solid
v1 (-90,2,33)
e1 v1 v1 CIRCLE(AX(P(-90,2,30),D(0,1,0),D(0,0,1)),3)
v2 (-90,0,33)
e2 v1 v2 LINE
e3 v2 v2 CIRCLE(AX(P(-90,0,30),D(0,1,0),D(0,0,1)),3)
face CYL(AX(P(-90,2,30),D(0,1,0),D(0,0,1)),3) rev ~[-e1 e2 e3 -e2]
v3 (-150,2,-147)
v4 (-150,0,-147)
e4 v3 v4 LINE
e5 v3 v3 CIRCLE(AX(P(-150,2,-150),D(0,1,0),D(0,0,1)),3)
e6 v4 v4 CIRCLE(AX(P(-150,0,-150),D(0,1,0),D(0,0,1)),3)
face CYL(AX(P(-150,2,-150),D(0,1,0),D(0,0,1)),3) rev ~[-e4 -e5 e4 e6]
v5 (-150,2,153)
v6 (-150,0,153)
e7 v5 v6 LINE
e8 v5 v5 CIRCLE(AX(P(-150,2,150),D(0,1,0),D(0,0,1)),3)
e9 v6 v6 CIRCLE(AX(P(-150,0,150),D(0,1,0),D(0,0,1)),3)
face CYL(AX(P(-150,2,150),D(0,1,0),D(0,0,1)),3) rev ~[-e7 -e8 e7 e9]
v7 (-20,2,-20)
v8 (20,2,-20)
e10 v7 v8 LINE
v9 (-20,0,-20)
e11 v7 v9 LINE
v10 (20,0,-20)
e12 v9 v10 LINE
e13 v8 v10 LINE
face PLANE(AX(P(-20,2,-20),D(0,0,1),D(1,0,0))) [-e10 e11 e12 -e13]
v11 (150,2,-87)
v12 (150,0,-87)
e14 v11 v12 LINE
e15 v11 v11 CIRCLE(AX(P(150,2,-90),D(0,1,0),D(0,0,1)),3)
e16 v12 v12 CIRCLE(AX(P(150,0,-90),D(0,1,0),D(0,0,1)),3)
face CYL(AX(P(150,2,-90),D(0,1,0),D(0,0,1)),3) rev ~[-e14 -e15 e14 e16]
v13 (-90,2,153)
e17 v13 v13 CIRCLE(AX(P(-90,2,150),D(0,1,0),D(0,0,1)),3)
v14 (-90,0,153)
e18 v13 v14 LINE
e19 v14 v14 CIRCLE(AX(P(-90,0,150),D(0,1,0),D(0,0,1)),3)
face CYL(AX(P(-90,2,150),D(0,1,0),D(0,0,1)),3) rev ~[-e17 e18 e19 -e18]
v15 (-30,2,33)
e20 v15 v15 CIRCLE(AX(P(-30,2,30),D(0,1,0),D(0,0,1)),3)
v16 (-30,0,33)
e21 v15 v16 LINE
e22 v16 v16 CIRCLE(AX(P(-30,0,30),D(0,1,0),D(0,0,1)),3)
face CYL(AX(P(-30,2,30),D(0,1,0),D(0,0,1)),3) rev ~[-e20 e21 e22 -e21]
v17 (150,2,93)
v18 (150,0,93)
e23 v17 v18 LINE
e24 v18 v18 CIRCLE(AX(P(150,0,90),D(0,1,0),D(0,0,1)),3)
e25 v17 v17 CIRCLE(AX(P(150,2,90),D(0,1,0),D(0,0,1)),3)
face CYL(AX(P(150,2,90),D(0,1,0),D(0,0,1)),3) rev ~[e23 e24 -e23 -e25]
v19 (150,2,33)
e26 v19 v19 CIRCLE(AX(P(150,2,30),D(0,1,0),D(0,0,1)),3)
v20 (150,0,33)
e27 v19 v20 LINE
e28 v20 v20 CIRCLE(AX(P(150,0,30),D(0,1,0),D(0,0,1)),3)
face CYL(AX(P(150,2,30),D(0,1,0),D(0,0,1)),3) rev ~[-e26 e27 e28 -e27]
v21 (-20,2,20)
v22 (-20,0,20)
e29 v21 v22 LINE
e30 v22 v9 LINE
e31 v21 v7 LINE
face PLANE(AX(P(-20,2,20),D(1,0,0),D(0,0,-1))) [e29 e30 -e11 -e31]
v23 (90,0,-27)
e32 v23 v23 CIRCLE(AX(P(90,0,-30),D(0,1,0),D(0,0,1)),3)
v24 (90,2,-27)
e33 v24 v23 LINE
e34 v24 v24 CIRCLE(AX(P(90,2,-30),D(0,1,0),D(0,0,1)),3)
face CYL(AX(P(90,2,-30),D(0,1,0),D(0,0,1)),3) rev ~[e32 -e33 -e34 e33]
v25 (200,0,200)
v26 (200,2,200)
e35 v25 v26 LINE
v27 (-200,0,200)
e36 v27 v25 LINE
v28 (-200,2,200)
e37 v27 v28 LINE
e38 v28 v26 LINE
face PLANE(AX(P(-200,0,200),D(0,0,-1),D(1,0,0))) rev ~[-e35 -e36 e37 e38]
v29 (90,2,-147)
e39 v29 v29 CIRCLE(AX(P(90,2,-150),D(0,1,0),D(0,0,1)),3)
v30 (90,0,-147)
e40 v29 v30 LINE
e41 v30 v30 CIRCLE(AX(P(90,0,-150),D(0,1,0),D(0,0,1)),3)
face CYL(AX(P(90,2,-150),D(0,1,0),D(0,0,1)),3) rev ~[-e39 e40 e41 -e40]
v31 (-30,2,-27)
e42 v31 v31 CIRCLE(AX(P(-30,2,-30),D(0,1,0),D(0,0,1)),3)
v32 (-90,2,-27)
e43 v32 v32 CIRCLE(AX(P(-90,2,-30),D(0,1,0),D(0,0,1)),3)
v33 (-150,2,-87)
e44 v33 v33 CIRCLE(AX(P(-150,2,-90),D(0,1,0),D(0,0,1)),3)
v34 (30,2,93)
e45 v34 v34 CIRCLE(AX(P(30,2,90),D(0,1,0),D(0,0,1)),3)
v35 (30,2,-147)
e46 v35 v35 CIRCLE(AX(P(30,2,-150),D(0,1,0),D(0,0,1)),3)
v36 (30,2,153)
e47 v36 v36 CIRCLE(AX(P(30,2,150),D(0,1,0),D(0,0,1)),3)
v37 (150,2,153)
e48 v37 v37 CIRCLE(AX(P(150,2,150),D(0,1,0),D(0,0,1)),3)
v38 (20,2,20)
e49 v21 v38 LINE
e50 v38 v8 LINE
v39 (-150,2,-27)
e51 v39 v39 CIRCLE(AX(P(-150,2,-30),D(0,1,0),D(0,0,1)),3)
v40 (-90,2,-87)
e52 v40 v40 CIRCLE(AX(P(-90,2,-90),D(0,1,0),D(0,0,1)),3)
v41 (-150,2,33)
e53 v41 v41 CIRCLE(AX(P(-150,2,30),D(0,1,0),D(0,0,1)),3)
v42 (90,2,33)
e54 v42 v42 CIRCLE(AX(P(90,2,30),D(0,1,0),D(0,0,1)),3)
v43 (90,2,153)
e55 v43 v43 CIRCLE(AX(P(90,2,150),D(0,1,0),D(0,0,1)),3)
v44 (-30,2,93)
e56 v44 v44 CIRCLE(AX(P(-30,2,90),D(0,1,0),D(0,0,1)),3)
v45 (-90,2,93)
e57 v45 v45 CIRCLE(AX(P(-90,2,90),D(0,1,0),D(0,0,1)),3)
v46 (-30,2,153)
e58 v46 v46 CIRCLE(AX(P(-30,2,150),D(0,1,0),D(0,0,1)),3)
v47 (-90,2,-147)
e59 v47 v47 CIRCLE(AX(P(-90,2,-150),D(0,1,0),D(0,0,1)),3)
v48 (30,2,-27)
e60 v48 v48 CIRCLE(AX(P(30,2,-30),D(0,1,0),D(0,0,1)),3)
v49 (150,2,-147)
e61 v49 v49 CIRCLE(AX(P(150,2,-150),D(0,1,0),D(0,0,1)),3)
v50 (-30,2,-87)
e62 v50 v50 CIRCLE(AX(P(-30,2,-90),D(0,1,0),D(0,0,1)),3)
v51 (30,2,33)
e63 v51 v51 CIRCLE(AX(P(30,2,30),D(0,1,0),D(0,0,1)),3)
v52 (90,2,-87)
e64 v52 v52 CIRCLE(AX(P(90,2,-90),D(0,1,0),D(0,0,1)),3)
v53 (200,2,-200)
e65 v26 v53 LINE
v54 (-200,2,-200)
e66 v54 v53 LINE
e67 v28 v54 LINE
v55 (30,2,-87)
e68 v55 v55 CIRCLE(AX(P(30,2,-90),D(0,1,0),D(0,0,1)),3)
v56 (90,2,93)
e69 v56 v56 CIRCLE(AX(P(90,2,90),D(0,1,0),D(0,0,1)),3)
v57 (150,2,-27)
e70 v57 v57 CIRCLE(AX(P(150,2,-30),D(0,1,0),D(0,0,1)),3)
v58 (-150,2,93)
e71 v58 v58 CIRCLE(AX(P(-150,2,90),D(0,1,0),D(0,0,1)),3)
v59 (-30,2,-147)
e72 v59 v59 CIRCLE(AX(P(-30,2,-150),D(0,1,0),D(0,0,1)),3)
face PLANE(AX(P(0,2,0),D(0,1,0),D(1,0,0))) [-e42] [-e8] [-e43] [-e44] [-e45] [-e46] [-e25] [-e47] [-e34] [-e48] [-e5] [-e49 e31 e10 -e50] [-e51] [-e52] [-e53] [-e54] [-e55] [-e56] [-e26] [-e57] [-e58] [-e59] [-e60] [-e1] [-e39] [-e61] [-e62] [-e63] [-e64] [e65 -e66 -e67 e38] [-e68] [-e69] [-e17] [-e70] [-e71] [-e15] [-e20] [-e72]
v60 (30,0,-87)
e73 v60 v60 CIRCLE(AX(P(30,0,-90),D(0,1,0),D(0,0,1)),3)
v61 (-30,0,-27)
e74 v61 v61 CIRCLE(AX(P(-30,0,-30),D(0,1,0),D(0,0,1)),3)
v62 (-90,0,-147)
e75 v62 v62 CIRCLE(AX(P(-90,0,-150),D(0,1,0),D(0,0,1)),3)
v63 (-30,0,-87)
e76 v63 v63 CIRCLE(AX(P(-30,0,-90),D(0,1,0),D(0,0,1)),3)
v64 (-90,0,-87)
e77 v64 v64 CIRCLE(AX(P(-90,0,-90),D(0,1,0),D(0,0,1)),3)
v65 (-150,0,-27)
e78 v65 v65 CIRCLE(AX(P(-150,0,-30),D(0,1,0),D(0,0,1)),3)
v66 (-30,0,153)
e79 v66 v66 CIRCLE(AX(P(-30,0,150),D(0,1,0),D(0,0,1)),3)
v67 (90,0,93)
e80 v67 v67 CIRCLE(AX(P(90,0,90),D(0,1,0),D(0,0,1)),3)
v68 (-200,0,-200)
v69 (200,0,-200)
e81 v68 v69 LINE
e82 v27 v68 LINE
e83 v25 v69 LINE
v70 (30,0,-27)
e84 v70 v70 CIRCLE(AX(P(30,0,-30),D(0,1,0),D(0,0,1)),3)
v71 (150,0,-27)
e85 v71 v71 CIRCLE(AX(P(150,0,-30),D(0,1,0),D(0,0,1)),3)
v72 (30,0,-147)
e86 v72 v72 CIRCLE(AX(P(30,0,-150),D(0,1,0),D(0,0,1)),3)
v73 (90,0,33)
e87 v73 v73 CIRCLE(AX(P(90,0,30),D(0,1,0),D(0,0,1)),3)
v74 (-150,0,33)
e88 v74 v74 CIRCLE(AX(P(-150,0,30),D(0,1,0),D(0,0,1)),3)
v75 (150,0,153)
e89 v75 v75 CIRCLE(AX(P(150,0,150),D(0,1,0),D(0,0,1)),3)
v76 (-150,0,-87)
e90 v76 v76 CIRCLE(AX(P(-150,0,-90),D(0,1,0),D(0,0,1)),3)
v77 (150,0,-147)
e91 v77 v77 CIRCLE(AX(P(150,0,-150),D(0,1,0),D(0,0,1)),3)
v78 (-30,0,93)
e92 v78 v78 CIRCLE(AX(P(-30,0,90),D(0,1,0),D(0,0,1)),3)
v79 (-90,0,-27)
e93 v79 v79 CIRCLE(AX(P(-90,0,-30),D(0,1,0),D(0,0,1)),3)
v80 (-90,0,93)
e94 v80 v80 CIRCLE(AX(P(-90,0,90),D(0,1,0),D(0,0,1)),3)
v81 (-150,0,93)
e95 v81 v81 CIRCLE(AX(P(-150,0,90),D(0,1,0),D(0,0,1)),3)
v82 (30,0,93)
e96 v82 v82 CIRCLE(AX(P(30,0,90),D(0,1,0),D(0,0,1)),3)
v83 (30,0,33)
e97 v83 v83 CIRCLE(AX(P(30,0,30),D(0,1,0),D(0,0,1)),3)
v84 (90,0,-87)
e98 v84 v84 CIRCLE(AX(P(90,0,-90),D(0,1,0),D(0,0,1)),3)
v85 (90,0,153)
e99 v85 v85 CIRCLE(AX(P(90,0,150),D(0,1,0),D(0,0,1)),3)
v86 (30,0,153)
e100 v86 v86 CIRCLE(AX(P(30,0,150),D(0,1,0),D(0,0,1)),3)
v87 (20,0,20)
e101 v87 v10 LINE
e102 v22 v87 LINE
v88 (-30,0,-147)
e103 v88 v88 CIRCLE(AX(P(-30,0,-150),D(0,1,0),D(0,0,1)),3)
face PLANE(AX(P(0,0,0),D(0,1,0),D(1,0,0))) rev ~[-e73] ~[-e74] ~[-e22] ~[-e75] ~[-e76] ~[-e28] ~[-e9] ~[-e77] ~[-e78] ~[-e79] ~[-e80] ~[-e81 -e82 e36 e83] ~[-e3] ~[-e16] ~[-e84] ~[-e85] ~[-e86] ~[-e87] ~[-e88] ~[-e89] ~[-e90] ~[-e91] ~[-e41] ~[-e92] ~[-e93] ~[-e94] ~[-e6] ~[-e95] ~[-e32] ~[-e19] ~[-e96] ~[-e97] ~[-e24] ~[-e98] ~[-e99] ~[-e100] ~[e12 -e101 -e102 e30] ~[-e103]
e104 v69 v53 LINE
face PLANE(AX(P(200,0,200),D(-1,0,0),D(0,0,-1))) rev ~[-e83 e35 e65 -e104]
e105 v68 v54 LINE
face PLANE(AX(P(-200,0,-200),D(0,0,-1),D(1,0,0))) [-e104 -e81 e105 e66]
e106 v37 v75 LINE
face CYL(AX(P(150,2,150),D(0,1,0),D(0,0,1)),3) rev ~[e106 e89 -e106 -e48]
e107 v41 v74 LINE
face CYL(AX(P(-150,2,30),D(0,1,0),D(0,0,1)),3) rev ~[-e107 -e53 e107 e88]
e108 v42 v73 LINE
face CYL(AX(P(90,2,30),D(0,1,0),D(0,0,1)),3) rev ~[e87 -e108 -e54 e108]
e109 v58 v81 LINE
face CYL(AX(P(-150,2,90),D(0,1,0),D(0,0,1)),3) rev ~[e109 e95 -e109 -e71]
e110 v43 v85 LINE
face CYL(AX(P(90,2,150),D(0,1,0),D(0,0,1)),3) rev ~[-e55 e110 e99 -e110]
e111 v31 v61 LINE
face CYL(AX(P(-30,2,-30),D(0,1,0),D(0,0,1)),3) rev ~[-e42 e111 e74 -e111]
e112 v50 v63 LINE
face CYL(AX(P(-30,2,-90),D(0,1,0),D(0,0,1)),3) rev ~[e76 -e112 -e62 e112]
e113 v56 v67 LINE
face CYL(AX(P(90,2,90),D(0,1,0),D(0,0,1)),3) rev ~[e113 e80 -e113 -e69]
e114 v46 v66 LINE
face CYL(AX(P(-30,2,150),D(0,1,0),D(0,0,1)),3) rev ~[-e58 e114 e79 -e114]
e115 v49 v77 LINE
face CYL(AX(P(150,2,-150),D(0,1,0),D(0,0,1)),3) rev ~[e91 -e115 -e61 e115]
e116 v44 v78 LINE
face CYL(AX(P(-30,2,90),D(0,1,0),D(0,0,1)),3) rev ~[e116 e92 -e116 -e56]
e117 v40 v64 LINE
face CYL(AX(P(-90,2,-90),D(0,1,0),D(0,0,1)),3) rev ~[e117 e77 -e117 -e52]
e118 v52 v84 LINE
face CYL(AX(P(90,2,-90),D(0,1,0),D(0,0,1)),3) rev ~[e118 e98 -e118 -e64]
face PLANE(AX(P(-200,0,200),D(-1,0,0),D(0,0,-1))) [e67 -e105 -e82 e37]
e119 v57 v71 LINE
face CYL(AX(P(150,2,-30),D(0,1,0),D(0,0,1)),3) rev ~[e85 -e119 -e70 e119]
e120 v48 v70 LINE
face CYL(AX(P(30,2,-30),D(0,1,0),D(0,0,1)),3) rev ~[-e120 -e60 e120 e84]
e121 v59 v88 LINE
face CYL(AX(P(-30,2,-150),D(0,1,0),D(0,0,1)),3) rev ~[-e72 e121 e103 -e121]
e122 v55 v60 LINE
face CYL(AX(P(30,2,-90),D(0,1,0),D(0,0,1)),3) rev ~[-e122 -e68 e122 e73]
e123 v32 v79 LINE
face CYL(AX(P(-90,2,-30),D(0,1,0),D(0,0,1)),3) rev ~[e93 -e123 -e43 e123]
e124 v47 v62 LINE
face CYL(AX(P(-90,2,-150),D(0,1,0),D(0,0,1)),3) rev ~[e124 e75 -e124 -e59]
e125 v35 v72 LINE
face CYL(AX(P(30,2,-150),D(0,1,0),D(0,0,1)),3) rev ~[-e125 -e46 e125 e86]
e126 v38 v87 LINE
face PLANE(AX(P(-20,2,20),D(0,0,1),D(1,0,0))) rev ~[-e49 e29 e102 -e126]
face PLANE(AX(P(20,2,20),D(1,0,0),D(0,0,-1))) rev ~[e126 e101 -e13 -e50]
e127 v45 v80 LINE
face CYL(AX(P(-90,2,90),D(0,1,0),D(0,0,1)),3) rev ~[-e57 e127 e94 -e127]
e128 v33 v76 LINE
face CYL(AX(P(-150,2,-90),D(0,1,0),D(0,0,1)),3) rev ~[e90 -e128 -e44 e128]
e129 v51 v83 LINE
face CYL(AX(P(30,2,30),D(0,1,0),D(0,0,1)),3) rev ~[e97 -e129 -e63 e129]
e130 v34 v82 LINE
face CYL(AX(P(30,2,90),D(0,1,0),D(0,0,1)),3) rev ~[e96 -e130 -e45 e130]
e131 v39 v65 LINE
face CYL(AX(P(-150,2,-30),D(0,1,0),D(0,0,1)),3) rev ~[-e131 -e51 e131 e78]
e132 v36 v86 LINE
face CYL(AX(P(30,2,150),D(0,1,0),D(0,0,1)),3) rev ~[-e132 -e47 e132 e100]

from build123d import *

# Parameters (mm, degrees)
SKETCH1_W           = 400
SKETCH1_H           = 400
BOSS_EXTRUDE1_DEPTH = 2
SKETCH2_R           = 3
CUT_EXTRUDE1_DEPTH  = 283.849783454
SKETCH3_W           = 40
SKETCH3_H           = 40
CUT_EXTRUDE2_DEPTH  = 283.849783454


with BuildPart() as part:
    # Sketch1 → Boss-Extrude1 (new body)
    with BuildSketch(Plane(origin=(0, 0, 0), x_dir=(1, 0, 0), z_dir=(0, 1, 0))):
        Rectangle(SKETCH1_W, SKETCH1_H)
    extrude(amount=BOSS_EXTRUDE1_DEPTH)

    # Sketch2 → Cut-Extrude1 (cut, through all)
    with BuildSketch(Plane(origin=(0, 2, 0), x_dir=(1, 0, 0), z_dir=(0, 1, 0))):
        with Locations(Location((-150, 150, 0), (0, 0, 270))):
            Circle(SKETCH2_R)
        with Locations(Location((-90, 150, 0), (0, 0, 270))):
            Circle(SKETCH2_R)
        with Locations(Location((-30, 150, 0), (0, 0, 270))):
            Circle(SKETCH2_R)
        with Locations(Location((30, 150, 0), (0, 0, 270))):
            Circle(SKETCH2_R)
        with Locations(Location((90, 150, 0), (0, 0, 270))):
            Circle(SKETCH2_R)
        with Locations(Location((150, 150, 0), (0, 0, 270))):
            Circle(SKETCH2_R)
        with Locations(Location((-90, 90, 0), (0, 0, 270))):
            Circle(SKETCH2_R)
        with Locations(Location((-30, 90, 0), (0, 0, 270))):
            Circle(SKETCH2_R)
        with Locations(Location((30, 90, 0), (0, 0, 270))):
            Circle(SKETCH2_R)
        with Locations(Location((90, 90, 0), (0, 0, 270))):
            Circle(SKETCH2_R)
        with Locations(Location((150, 90, 0), (0, 0, 270))):
            Circle(SKETCH2_R)
        with Locations(Location((-90, 30, 0), (0, 0, 270))):
            Circle(SKETCH2_R)
        with Locations(Location((-30, 30, 0), (0, 0, 270))):
            Circle(SKETCH2_R)
        with Locations(Location((30, 30, 0), (0, 0, 270))):
            Circle(SKETCH2_R)
        with Locations(Location((90, 30, 0), (0, 0, 270))):
            Circle(SKETCH2_R)
        with Locations(Location((150, 30, 0), (0, 0, 270))):
            Circle(SKETCH2_R)
        with Locations(Location((-90, -30, 0), (0, 0, 270))):
            Circle(SKETCH2_R)
        with Locations(Location((-30, -30, 0), (0, 0, 270))):
            Circle(SKETCH2_R)
        with Locations(Location((30, -30, 0), (0, 0, 270))):
            Circle(SKETCH2_R)
        with Locations(Location((90, -30, 0), (0, 0, 270))):
            Circle(SKETCH2_R)
        with Locations(Location((150, -30, 0), (0, 0, 270))):
            Circle(SKETCH2_R)
        with Locations(Location((-90, -90, 0), (0, 0, 270))):
            Circle(SKETCH2_R)
        with Locations(Location((-30, -90, 0), (0, 0, 270))):
            Circle(SKETCH2_R)
        with Locations(Location((30, -90, 0), (0, 0, 270))):
            Circle(SKETCH2_R)
        with Locations(Location((90, -90, 0), (0, 0, 270))):
            Circle(SKETCH2_R)
        with Locations(Location((150, -90, 0), (0, 0, 270))):
            Circle(SKETCH2_R)
        with Locations(Location((-90, -150, 0), (0, 0, 270))):
            Circle(SKETCH2_R)
        with Locations(Location((-30, -150, 0), (0, 0, 270))):
            Circle(SKETCH2_R)
        with Locations(Location((30, -150, 0), (0, 0, 270))):
            Circle(SKETCH2_R)
        with Locations(Location((90, -150, 0), (0, 0, 270))):
            Circle(SKETCH2_R)
        with Locations(Location((150, -150, 0), (0, 0, 270))):
            Circle(SKETCH2_R)
        with Locations(Location((-150, 90, 0), (0, 0, 270))):
            Circle(SKETCH2_R)
        with Locations(Location((-150, 30, 0), (0, 0, 270))):
            Circle(SKETCH2_R)
        with Locations(Location((-150, -30, 0), (0, 0, 270))):
            Circle(SKETCH2_R)
        with Locations(Location((-150, -90, 0), (0, 0, 270))):
            Circle(SKETCH2_R)
        with Locations(Location((-150, -150, 0), (0, 0, 270))):
            Circle(SKETCH2_R)
    extrude(amount=-CUT_EXTRUDE1_DEPTH, mode=Mode.SUBTRACT)

    # Sketch3 → Cut-Extrude2 (cut, through all)
    with BuildSketch(Plane(origin=(0, 2, 0), x_dir=(1, 0, 0), z_dir=(0, 1, 0))):
        Rectangle(SKETCH3_W, SKETCH3_H)
    extrude(amount=-CUT_EXTRUDE2_DEPTH, mode=Mode.SUBTRACT)


solid = part.part
